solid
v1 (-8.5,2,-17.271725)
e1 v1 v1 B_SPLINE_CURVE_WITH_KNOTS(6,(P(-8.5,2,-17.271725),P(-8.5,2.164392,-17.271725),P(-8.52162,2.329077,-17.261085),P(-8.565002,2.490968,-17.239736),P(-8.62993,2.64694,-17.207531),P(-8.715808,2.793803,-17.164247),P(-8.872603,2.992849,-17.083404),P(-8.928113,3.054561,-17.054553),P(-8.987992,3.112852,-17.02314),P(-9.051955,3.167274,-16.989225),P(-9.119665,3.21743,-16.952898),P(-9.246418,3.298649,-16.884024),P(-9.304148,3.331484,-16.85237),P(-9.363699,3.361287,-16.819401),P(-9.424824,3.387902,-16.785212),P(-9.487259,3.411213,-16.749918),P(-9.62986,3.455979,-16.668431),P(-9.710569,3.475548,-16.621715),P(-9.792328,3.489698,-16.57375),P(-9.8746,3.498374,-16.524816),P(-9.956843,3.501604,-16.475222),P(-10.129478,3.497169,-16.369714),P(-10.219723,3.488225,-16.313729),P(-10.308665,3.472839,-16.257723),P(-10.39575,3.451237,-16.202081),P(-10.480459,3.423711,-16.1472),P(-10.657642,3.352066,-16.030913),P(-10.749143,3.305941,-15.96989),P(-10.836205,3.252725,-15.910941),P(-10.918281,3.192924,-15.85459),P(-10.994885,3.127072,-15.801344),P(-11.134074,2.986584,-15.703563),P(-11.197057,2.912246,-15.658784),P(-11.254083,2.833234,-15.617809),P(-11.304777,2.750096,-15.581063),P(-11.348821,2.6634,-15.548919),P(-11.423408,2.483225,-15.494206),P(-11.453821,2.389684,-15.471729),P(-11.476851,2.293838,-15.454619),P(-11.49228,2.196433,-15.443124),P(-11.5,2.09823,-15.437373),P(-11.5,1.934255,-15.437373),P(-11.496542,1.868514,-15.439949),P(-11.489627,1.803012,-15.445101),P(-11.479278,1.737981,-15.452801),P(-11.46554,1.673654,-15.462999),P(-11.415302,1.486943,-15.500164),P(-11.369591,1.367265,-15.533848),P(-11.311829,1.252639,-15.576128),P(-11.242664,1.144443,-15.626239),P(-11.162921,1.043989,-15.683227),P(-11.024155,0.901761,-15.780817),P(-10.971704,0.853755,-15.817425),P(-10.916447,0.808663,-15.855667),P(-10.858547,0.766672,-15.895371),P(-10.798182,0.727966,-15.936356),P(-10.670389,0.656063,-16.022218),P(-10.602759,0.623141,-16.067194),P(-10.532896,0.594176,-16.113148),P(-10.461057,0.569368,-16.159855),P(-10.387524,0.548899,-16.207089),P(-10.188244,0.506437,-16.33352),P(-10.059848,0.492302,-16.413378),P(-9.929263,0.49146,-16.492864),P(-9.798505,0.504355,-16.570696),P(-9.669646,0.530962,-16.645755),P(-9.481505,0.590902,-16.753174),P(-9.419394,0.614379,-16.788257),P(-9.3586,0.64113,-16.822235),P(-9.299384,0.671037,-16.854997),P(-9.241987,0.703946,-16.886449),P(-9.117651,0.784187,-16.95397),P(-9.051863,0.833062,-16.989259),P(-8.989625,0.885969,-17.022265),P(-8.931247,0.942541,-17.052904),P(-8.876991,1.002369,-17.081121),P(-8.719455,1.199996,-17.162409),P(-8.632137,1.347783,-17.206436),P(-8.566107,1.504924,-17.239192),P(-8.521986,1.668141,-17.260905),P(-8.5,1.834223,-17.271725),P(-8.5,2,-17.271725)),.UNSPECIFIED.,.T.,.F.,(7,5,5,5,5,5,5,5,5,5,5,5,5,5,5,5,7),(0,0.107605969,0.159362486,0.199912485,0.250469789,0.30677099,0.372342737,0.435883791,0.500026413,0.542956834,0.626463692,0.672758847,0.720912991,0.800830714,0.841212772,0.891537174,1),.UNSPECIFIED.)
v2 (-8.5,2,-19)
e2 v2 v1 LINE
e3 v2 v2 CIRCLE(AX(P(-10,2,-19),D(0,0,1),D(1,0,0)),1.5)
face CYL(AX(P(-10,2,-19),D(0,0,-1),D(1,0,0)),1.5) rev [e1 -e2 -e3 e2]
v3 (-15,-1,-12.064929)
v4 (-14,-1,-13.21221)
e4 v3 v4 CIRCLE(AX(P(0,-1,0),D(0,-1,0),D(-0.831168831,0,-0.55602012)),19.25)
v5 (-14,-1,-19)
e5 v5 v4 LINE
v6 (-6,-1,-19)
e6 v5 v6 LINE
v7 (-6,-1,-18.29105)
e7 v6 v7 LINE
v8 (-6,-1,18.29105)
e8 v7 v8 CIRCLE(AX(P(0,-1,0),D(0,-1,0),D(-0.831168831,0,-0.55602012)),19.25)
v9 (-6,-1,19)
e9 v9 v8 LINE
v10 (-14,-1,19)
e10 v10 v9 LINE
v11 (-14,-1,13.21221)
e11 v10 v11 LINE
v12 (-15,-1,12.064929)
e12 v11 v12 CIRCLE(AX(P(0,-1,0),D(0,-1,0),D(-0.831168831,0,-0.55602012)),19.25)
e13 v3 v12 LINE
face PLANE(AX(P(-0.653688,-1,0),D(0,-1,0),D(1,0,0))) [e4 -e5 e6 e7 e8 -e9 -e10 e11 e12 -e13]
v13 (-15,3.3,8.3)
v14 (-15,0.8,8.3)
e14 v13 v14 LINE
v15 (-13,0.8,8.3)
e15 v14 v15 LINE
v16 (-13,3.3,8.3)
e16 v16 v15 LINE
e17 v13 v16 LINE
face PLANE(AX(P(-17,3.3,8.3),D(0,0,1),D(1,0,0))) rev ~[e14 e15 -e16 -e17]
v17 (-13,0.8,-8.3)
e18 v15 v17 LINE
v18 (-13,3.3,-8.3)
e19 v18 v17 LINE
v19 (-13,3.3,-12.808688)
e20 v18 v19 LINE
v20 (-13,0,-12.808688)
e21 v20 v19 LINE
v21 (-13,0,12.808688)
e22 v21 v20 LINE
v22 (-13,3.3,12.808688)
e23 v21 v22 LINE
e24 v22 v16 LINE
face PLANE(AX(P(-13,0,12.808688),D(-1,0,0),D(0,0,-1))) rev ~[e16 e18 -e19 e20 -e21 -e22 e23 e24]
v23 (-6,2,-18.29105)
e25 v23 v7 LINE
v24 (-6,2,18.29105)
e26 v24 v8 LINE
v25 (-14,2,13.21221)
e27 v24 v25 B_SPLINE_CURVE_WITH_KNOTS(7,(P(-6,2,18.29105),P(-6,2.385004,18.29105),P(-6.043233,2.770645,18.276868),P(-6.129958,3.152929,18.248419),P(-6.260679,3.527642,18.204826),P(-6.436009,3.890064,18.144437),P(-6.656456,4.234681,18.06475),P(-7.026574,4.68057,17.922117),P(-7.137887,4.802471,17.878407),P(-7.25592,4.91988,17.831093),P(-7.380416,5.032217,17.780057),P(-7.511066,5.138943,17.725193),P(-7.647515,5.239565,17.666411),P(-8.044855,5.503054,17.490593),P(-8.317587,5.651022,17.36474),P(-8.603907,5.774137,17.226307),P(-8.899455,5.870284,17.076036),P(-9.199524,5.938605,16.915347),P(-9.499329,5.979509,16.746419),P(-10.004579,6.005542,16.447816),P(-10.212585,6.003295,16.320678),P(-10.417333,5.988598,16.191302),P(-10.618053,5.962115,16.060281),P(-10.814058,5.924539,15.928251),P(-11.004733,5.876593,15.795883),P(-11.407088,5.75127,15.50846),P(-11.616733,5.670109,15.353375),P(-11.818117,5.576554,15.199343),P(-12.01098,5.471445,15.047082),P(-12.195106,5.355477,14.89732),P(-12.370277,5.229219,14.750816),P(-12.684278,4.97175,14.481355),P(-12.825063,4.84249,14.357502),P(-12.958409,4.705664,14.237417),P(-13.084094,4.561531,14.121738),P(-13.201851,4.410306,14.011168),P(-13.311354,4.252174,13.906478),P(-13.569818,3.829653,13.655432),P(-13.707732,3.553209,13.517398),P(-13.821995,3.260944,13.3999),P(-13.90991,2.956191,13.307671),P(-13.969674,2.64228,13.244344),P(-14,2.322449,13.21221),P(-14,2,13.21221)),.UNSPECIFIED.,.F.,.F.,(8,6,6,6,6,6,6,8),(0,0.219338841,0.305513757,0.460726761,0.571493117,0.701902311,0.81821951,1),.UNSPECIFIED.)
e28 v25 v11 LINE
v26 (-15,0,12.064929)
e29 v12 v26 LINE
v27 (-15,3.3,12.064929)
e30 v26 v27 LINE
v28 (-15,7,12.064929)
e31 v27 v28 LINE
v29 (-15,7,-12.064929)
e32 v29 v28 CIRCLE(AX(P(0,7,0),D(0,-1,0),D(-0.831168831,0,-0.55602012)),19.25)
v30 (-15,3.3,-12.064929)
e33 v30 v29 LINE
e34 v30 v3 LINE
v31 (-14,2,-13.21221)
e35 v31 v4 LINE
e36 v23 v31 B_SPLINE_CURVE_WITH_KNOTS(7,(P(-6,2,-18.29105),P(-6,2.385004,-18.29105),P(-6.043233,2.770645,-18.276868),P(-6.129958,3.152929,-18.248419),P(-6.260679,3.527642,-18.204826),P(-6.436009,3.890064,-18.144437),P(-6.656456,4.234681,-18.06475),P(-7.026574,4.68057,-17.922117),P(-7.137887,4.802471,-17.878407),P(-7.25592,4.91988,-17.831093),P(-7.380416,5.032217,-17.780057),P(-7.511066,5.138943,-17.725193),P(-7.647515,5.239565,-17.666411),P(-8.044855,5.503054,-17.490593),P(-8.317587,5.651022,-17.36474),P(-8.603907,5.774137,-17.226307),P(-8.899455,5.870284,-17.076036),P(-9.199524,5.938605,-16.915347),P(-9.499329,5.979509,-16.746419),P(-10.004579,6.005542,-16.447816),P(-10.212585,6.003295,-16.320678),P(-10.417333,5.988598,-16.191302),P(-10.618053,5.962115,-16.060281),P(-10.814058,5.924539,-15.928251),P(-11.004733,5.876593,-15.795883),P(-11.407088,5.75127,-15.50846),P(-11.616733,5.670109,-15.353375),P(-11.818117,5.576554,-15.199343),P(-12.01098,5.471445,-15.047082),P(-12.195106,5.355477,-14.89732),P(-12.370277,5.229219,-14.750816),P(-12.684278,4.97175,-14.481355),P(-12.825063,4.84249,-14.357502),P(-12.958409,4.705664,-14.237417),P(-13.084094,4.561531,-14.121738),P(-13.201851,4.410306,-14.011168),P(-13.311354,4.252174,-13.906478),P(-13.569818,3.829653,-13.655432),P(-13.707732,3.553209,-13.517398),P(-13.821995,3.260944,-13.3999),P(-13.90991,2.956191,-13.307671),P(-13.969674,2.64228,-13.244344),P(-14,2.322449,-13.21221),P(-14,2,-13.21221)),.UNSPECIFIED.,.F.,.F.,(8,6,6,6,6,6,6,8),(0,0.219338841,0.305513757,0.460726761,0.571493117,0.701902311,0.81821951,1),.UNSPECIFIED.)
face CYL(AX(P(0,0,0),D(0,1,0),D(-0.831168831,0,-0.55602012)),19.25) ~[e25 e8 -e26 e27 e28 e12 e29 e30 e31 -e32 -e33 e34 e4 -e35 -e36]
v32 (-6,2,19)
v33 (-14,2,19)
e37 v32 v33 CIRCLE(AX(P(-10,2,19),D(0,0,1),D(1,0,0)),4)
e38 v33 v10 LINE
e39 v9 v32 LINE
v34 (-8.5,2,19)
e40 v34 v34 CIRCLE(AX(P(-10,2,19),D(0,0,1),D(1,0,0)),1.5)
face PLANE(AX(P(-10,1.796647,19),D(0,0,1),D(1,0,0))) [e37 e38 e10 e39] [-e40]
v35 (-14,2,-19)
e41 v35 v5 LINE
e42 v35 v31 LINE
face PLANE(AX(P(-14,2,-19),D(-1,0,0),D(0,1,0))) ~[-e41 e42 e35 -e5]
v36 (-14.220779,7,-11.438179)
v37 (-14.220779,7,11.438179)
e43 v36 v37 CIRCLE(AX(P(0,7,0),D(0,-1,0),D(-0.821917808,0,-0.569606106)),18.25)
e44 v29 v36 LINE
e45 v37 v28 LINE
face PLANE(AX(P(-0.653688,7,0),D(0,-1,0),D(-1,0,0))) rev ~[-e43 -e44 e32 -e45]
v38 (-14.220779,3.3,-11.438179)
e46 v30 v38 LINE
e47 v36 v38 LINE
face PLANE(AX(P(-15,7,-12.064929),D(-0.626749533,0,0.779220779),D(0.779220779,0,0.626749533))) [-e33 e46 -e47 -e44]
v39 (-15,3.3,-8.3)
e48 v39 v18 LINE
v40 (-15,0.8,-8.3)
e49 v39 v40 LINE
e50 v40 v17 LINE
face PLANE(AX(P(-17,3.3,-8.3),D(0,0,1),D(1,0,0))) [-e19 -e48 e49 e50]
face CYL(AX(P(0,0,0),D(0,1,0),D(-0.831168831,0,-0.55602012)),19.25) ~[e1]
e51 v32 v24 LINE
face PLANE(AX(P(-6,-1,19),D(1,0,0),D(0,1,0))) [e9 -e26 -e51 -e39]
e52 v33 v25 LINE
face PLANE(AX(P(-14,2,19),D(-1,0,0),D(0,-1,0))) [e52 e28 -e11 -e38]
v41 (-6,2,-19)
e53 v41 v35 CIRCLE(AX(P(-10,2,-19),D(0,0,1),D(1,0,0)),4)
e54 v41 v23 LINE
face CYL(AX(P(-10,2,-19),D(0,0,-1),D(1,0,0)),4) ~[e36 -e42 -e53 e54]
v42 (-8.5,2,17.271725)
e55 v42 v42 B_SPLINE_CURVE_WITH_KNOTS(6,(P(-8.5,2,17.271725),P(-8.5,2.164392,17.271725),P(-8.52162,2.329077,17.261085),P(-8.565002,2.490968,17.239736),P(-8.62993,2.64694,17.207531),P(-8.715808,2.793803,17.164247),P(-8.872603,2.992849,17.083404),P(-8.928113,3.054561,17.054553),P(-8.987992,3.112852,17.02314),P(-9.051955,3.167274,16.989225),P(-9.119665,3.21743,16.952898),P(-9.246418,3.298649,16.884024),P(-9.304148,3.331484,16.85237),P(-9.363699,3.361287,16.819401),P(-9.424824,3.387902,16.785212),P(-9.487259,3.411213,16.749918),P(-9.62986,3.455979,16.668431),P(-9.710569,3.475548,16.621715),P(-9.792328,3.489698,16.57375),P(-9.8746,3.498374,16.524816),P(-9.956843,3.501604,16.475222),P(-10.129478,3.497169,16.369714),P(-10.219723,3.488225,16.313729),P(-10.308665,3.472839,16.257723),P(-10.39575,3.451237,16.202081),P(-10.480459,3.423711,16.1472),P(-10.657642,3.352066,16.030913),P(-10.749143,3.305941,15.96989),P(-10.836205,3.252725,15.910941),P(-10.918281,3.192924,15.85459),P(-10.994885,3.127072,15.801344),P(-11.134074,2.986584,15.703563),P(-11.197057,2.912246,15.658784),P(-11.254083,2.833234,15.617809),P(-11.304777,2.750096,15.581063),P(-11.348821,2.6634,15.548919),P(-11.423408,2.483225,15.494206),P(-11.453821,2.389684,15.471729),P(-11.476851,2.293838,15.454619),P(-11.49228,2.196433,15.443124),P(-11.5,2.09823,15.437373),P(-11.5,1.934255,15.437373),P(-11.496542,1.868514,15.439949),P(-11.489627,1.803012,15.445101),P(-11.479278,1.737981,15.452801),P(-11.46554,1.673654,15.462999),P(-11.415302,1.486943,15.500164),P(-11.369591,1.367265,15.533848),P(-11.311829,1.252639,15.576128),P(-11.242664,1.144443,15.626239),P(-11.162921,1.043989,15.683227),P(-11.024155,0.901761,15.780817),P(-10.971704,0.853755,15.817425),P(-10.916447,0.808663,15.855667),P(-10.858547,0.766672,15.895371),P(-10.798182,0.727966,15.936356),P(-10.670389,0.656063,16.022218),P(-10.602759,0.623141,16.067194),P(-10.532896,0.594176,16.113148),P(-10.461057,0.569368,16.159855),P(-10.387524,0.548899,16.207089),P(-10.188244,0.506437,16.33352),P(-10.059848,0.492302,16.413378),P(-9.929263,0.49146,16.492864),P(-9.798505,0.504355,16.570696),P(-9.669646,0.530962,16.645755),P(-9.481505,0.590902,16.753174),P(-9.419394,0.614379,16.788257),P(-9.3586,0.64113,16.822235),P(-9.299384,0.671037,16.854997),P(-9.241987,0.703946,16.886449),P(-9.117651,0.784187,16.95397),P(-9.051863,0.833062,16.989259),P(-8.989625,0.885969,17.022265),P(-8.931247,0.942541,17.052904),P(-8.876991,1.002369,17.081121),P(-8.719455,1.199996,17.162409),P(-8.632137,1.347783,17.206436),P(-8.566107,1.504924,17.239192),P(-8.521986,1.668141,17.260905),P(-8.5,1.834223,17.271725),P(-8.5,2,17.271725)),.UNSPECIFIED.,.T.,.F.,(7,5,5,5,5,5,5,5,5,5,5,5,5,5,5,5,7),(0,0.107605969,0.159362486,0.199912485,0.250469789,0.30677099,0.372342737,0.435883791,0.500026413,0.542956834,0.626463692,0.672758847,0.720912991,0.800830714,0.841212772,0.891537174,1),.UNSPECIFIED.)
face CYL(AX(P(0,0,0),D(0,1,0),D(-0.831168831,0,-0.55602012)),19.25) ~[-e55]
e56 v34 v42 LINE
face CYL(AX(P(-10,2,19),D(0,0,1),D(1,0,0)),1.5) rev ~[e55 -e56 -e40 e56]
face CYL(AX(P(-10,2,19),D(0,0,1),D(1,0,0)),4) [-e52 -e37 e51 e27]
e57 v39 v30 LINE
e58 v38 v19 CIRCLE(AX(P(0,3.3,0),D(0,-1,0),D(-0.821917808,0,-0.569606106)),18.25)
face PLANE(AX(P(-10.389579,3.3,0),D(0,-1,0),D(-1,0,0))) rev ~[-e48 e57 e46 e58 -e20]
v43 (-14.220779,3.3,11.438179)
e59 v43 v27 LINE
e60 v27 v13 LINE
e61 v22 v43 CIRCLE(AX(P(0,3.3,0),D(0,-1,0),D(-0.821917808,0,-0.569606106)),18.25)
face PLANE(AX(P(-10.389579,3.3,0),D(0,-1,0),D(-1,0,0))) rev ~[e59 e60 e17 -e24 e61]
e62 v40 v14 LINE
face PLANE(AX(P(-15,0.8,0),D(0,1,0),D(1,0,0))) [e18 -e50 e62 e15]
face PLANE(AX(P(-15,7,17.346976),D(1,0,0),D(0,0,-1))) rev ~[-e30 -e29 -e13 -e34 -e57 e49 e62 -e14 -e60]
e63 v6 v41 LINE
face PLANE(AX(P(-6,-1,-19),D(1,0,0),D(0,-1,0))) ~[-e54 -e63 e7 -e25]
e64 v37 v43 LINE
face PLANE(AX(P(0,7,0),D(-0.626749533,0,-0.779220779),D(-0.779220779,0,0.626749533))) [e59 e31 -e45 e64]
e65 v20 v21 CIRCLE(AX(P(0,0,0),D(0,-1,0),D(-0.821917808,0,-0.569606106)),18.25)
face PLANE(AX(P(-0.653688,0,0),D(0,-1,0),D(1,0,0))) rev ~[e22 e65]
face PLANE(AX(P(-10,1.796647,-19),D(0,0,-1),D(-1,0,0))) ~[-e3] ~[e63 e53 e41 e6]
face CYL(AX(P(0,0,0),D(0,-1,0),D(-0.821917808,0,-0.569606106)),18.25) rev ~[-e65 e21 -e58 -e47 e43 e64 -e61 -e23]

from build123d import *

# Parameters (mm, degrees)
BOSS_EXTRUDE1_DEPTH      = 7
BOSS_EXTRUDE2_DEPTH      = 1
SKETCH3_W                = 6.66403437
SKETCH3_H                = 33.73555596
CUT_EXTRUDE1_DEPTH       = 29.374724668
BOSS_EXTRUDE3_DEPTH      = 3.3
CUT_EXTRUDE2_DEPTH       = 3.7
SKETCH6_W                = 4
SKETCH6_H                = 16.6
CUT_EXTRUDE3_DEPTH       = 2.5
BOSS_EXTRUDE4_REACH      = 45.389
BOSS_EXTRUDE4_END_RADIUS = 19.25
SKETCH7_R                = 1.5


with BuildPart() as part:
    # Sketch1 → Boss-Extrude1 (new body)
    with BuildSketch(Plane(origin=(0, 0, 0), x_dir=(1, 0, 0), z_dir=(0, 1, 0))):
        with BuildLine():
            Line((-16, -10.703387314), (-16, 10.703387314))
            ThreePointArc((-16, 10.703387314), (19.25, 0), (-16, -10.703387314))
        make_face()
        with BuildLine():
            Line((-15, -10.395311443), (-15, 10.395311443))
            ThreePointArc((-15, 10.395311443), (18.25, 0), (-15, -10.395311443))
        make_face(mode=Mode.SUBTRACT)
    extrude(amount=BOSS_EXTRUDE1_DEPTH)

    # Sketch2 → Boss-Extrude2 (add)
    with BuildSketch(Plane.XZ):
        with BuildLine():
            Line((-16, 10.703387314), (-16, -10.703387314))
            ThreePointArc((-16, -10.703387314), (19.25, 0), (-16, 10.703387314))
        make_face()
    extrude(amount=BOSS_EXTRUDE2_DEPTH)

    # Sketch3 → Cut-Extrude1 (cut, through all)
    with BuildSketch(Plane(origin=(0, 7, 0), x_dir=(1, 0, 0), z_dir=(0, 1, 0))):
        with Locations((-18.332017185, -0.479198238)):
            Rectangle(SKETCH3_W, SKETCH3_H)
    extrude(amount=-CUT_EXTRUDE1_DEPTH, mode=Mode.SUBTRACT)

    # Sketch4 → Boss-Extrude3 (add)
    with BuildSketch(Plane(origin=(0, 0, 0), x_dir=(1, 0, 0), z_dir=(0, 1, 0))):
        Polygon((-15, 12.064928512), (-15, -12.064928512), (-13, -12.808688457), (-13, 12.808688457), align=None)
    extrude(amount=BOSS_EXTRUDE3_DEPTH)

    # Sketch5 → Cut-Extrude2 (cut)
    with BuildSketch(Plane(origin=(0, 7, 0), x_dir=(1, 0, 0), z_dir=(0, 1, 0))):
        Polygon((0, 0), (-15, -12.064928512), (-15, 12.064928512), align=None)
    extrude(amount=-CUT_EXTRUDE2_DEPTH, mode=Mode.SUBTRACT)

    # Sketch6 → Cut-Extrude3 (cut)
    with BuildSketch(Plane(origin=(0, 3.3, 0), x_dir=(1, 0, 0), z_dir=(0, 1, 0))):
        with Locations((-15, 0)):
            Rectangle(SKETCH6_W, SKETCH6_H)
    extrude(amount=-CUT_EXTRUDE3_DEPTH, mode=Mode.SUBTRACT)

    # Boss-Extrude4: up to this cylinder (the profile starts outside it)
    boss_extrude4_end = Plane(origin=(0, 0.5, 0), z_dir=(0, -1, 0)) * Cylinder(BOSS_EXTRUDE4_END_RADIUS, 130.278, mode=Mode.PRIVATE)
    # Sketch7 → Boss-Extrude4 (add, up to the surface)
    with BuildSketch(Plane.XY.offset(19), mode=Mode.PRIVATE) as boss_extrude4_sk1:
        with BuildLine():
            Line((-14, 2), (-14, -1))
            Line((-14, -1), (-6, -1))
            Line((-6, -1), (-6, 2))
            ThreePointArc((-6, 2), (-10, 6), (-14, 2))
        make_face()
        with Locations((-10, 2)):
            Circle(SKETCH7_R, mode=Mode.SUBTRACT)
    boss_extrude4_tool1 = extrude(boss_extrude4_sk1.sketch, amount=-BOSS_EXTRUDE4_REACH, mode=Mode.PRIVATE) - boss_extrude4_end
    boss_extrude4 = boss_extrude4_tool1.solids().sort_by_distance((-13.893699, 0.5, 19))[0]
    add(boss_extrude4)

    # Mirror1: Boss-Extrude4 across plane
    add(boss_extrude4.mirror(Plane.XY))


solid = part.part
